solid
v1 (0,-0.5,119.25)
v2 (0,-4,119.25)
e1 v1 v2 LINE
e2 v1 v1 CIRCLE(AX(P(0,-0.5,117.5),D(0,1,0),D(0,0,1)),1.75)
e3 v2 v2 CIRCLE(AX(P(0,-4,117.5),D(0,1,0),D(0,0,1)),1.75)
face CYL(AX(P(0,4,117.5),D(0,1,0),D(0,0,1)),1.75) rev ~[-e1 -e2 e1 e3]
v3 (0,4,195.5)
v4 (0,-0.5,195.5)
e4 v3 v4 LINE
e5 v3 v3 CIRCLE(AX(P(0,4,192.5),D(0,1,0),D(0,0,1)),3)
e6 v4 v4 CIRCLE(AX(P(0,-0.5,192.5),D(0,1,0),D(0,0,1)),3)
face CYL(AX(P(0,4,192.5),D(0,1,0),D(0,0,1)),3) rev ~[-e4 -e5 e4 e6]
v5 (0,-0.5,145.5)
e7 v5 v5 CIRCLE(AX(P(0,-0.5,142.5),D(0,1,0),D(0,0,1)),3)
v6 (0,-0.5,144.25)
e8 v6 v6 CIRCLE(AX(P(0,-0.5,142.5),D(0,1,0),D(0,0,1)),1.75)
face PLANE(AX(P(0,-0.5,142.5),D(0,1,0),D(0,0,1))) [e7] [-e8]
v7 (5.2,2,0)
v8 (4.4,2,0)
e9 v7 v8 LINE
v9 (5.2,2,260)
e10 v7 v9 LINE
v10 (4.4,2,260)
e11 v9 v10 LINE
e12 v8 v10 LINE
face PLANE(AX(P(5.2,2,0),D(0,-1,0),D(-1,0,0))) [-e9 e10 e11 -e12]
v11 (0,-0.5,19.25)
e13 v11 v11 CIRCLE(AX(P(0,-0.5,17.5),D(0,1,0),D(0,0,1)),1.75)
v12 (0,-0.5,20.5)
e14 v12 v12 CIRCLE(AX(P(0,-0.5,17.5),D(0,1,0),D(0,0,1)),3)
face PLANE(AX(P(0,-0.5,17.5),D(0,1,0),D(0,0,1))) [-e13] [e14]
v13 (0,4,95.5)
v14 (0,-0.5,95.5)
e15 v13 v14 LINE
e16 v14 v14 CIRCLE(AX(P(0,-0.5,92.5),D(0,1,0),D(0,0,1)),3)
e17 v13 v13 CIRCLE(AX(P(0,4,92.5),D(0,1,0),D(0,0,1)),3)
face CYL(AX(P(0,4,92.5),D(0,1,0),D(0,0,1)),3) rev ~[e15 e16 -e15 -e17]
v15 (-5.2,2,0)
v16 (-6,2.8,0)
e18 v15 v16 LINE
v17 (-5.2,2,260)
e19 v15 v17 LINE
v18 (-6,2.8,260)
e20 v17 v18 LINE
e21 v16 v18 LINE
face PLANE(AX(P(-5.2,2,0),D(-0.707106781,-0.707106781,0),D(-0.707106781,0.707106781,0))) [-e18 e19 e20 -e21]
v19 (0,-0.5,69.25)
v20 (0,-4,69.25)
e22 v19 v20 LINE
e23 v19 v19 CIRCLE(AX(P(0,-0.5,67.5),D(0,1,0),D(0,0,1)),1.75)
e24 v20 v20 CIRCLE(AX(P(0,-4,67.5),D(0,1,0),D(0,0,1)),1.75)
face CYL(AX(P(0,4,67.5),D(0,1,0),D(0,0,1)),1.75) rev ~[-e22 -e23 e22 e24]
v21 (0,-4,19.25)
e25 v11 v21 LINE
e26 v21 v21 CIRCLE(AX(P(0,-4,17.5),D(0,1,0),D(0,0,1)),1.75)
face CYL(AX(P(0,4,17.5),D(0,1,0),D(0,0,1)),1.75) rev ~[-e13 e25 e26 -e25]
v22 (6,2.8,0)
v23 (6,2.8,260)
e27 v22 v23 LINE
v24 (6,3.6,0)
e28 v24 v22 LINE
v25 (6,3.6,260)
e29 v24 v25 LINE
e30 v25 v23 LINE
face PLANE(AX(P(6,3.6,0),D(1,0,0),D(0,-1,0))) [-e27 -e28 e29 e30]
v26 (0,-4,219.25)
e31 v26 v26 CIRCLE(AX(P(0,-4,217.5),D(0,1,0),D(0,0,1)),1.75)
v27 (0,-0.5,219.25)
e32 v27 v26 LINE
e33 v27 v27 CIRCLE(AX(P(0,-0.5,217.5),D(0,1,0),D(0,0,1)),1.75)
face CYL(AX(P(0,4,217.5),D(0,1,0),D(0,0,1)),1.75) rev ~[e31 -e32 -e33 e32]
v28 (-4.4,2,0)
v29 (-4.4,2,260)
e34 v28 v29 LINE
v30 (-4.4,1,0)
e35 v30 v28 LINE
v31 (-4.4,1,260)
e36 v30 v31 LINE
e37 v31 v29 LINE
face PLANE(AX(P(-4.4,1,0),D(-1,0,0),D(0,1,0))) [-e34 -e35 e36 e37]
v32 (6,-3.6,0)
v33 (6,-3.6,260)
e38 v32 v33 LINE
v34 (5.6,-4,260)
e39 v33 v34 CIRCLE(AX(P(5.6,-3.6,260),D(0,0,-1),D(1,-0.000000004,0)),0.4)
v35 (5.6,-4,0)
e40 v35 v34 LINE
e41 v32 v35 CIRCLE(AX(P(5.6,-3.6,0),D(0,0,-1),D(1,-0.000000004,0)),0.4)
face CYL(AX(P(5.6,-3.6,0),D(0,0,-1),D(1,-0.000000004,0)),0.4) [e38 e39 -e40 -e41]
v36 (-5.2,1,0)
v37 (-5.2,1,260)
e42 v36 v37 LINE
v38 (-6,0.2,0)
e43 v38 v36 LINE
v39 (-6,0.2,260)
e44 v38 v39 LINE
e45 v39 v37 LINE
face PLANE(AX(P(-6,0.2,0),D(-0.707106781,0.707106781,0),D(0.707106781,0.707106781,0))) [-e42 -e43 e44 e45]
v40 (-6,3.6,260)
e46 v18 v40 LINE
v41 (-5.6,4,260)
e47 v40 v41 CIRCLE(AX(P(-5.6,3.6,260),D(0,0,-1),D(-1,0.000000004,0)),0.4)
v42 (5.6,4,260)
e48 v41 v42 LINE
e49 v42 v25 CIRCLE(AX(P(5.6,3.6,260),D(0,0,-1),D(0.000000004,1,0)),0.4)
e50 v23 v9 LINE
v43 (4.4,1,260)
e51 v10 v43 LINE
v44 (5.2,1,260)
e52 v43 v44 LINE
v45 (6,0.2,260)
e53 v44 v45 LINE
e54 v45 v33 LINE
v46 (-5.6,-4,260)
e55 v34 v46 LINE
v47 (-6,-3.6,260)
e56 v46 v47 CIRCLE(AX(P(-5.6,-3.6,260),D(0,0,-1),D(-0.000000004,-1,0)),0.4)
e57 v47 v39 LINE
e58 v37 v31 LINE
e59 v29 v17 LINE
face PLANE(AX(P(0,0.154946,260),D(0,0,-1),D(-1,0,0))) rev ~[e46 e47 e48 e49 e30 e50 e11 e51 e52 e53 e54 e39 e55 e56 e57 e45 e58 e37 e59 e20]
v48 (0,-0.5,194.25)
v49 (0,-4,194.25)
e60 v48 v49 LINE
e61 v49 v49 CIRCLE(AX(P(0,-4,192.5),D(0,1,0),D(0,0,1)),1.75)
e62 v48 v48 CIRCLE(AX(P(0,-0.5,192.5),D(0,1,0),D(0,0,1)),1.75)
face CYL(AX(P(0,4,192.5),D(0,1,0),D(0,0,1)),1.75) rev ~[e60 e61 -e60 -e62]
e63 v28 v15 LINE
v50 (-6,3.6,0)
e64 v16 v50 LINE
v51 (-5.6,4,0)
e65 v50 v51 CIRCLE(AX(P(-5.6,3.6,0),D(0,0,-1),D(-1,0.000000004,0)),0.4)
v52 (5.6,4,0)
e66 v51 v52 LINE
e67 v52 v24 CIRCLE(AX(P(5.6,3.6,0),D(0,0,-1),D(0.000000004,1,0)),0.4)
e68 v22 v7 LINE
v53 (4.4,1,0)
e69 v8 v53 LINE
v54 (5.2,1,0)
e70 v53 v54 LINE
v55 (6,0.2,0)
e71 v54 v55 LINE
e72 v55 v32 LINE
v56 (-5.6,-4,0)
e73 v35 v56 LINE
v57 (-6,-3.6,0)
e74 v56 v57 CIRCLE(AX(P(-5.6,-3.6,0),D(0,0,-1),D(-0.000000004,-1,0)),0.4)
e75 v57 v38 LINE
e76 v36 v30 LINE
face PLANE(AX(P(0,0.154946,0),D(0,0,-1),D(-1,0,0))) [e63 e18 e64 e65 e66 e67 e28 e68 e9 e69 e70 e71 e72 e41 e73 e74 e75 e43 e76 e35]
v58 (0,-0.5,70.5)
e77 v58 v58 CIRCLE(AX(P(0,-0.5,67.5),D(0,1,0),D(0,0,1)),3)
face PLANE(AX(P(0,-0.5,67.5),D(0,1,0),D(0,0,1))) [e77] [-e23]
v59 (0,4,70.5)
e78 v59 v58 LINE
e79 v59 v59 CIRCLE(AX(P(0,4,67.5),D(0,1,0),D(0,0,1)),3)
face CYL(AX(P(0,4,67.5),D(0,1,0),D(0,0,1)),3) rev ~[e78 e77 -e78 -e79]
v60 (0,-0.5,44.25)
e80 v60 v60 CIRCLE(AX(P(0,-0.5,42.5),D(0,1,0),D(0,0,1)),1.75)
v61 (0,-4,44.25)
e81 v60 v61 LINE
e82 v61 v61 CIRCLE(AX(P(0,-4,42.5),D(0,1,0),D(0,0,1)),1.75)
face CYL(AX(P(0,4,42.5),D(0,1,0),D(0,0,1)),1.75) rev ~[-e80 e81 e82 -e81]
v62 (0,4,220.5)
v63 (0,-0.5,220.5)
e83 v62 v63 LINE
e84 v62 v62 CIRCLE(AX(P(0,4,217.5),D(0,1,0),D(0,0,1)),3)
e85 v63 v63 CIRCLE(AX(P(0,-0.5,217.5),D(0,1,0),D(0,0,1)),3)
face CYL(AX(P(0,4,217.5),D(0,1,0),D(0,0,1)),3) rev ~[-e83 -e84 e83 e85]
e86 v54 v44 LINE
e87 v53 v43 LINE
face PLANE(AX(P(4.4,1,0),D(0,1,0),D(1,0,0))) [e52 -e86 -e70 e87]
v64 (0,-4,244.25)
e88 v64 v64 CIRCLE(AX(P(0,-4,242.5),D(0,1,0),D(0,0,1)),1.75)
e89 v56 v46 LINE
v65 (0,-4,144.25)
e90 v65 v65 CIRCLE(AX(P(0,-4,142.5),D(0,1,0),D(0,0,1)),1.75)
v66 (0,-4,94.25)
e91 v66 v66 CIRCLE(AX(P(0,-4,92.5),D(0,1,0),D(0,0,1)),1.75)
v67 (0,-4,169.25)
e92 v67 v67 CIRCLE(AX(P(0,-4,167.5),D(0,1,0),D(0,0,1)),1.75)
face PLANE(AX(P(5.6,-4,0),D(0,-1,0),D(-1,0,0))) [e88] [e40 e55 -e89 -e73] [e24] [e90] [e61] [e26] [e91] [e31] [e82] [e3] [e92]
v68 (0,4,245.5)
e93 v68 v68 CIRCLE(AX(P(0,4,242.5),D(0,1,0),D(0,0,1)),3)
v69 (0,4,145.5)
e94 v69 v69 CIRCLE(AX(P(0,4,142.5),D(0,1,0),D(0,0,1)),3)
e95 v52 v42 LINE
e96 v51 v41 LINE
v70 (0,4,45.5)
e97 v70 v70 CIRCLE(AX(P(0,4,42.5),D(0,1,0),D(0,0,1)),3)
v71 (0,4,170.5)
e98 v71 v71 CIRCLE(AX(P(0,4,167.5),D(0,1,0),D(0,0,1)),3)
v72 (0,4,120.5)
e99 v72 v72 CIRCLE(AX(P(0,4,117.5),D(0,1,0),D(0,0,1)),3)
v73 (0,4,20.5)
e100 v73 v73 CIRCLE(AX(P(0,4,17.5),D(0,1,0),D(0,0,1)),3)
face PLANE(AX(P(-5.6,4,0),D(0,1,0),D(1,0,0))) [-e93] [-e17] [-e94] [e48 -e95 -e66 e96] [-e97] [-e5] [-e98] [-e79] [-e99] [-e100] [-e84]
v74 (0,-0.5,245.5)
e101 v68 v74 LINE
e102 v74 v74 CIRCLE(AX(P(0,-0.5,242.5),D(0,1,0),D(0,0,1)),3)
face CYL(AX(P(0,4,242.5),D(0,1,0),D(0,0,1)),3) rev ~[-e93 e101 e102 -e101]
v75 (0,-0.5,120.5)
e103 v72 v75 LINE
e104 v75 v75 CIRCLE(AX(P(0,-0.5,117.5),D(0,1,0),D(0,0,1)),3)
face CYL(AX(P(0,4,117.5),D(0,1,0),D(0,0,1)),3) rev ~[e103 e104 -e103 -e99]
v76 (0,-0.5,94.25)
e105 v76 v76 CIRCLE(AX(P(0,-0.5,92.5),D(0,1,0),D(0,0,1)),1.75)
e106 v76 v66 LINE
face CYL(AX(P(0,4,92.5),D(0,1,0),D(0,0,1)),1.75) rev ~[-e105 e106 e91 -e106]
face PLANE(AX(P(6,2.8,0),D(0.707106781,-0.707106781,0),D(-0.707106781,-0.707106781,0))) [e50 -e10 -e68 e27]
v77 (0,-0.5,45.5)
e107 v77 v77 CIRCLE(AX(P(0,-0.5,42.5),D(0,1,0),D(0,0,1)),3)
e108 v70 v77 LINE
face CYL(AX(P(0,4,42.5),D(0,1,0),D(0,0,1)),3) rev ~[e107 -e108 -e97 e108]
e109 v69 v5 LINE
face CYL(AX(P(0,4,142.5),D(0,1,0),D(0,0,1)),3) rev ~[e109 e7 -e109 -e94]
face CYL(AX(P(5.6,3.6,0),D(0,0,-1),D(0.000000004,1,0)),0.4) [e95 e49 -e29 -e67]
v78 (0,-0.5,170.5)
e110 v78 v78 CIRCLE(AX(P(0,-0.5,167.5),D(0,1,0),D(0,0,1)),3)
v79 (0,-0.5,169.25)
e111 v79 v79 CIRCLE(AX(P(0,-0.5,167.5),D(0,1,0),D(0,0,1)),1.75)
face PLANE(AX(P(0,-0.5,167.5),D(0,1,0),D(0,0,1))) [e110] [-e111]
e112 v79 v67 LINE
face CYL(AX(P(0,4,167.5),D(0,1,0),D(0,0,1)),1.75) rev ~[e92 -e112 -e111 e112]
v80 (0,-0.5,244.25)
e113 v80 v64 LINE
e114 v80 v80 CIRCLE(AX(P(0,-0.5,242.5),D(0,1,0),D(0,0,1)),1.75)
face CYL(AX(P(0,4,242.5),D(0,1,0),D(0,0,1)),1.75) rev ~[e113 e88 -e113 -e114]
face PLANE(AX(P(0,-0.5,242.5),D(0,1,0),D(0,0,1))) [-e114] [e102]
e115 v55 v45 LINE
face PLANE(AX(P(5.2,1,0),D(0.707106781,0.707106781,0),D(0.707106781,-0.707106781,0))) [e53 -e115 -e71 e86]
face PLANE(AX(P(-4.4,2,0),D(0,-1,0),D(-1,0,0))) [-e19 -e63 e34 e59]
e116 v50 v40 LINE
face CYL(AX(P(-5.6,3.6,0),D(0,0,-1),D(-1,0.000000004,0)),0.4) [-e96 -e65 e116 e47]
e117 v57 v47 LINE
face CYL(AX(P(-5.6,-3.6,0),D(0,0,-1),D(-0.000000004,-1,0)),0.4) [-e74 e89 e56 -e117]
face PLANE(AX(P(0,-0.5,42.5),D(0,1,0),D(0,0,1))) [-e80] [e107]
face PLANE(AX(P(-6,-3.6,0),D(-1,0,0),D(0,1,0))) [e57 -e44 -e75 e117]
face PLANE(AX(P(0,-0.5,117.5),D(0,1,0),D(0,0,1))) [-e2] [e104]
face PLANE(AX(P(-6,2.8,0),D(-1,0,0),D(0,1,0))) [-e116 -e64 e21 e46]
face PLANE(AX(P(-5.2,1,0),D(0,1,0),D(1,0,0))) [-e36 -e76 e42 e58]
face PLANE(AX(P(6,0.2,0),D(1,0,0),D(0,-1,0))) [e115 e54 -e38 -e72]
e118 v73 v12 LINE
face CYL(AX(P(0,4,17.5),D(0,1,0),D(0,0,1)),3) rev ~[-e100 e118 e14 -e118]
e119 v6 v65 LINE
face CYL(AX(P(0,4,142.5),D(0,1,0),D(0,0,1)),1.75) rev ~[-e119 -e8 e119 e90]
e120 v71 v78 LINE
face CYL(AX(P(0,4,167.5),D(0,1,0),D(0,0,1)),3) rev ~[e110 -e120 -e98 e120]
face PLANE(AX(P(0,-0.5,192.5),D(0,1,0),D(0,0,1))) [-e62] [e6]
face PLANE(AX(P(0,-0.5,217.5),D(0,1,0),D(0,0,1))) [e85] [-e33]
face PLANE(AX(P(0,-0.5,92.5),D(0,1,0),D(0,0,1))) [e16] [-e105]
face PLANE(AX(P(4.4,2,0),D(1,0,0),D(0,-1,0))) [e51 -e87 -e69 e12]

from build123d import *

# Parameters (mm, degrees)
BOSS_EXTRUDE1_DEPTH = 260
SKETCH2_R           = 3
CUT_EXTRUDE1_DEPTH  = 4.5
SKETCH3_R           = 1.75
CUT_EXTRUDE2_DEPTH  = 261.192236625


with BuildPart() as part:
    # Sketch1 → Boss-Extrude1 (new body)
    with BuildSketch(Plane.XY):
        with BuildLine():
            Line((-5.6, 4), (5.6, 4))
            ThreePointArc((5.6, 4), (5.882842712, 3.882842712), (6, 3.6))
            Line((6, 3.6), (6, 2.8))
            Line((6, 2.8), (5.2, 2))
            Line((5.2, 2), (4.4, 2))
            Line((4.4, 2), (4.4, 1))
            Line((4.4, 1), (5.2, 1))
            Line((5.2, 1), (6, 0.2))
            Line((6, 0.2), (6, -3.6))
            ThreePointArc((6, -3.6), (5.882842712, -3.882842712), (5.6, -4))
            Line((5.6, -4), (-5.6, -4))
            ThreePointArc((-5.6, -4), (-5.882842712, -3.882842712), (-6, -3.6))
            Line((-6, -3.6), (-6, 0.2))
            Line((-6, 0.2), (-5.2, 1))
            Line((-5.2, 1), (-4.4, 1))
            Line((-4.4, 1), (-4.4, 2))
            Line((-4.4, 2), (-5.2, 2))
            Line((-5.2, 2), (-6, 2.8))
            Line((-6, 2.8), (-6, 3.6))
            ThreePointArc((-6, 3.6), (-5.882842712, 3.882842712), (-5.6, 4))
        make_face()
    extrude(amount=BOSS_EXTRUDE1_DEPTH)

    # Sketch2 → Cut-Extrude1 (cut)
    with BuildSketch(Plane(origin=(0, 4, 0), x_dir=(1, 0, 0), z_dir=(0, 1, 0))):
        with Locations(Location((0, -242.5, 0), (0, 0, 270))):
            Circle(SKETCH2_R)
        with Locations(Location((0, -217.5, 0), (0, 0, 270))):
            Circle(SKETCH2_R)
        with Locations(Location((0, -192.5, 0), (0, 0, 270))):
            Circle(SKETCH2_R)
        with Locations(Location((0, -167.5, 0), (0, 0, 270))):
            Circle(SKETCH2_R)
        with Locations(Location((0, -142.5, 0), (0, 0, 270))):
            Circle(SKETCH2_R)
        with Locations(Location((0, -117.5, 0), (0, 0, 270))):
            Circle(SKETCH2_R)
        with Locations(Location((0, -92.5, 0), (0, 0, 270))):
            Circle(SKETCH2_R)
        with Locations(Location((0, -67.5, 0), (0, 0, 270))):
            Circle(SKETCH2_R)
        with Locations(Location((0, -42.5, 0), (0, 0, 270))):
            Circle(SKETCH2_R)
        with Locations(Location((0, -17.5, 0), (0, 0, 270))):
            Circle(SKETCH2_R)
        with Locations((0, 7.5)):
            Circle(SKETCH2_R)
        with Locations((0, 32.5)):
            Circle(SKETCH2_R)
        with Locations((0, 57.5)):
            Circle(SKETCH2_R)
        with Locations((0, 82.5)):
            Circle(SKETCH2_R)
        with Locations((0, 107.5)):
            Circle(SKETCH2_R)
        with Locations((0, 132.5)):
            Circle(SKETCH2_R)
        with Locations((0, 157.5)):
            Circle(SKETCH2_R)
        with Locations((0, 182.5)):
            Circle(SKETCH2_R)
    extrude(amount=-CUT_EXTRUDE1_DEPTH, mode=Mode.SUBTRACT)

    # Sketch3 → Cut-Extrude2 (cut, through all)
    with BuildSketch(Plane(origin=(0, 4, 0), x_dir=(1, 0, 0), z_dir=(0, 1, 0))):
        with Locations(Location((0, -242.5, 0), (0, 0, 270))):
            Circle(SKETCH3_R)
        with Locations(Location((0, -217.5, 0), (0, 0, 270))):
            Circle(SKETCH3_R)
        with Locations(Location((0, -192.5, 0), (0, 0, 270))):
            Circle(SKETCH3_R)
        with Locations(Location((0, -167.5, 0), (0, 0, 270))):
            Circle(SKETCH3_R)
        with Locations(Location((0, -142.5, 0), (0, 0, 270))):
            Circle(SKETCH3_R)
        with Locations(Location((0, -117.5, 0), (0, 0, 270))):
            Circle(SKETCH3_R)
        with Locations(Location((0, -92.5, 0), (0, 0, 270))):
            Circle(SKETCH3_R)
        with Locations(Location((0, -67.5, 0), (0, 0, 270))):
            Circle(SKETCH3_R)
        with Locations(Location((0, -42.5, 0), (0, 0, 270))):
            Circle(SKETCH3_R)
        with Locations(Location((0, -17.5, 0), (0, 0, 270))):
            Circle(SKETCH3_R)
        with Locations((0, 7.5)):
            Circle(SKETCH3_R)
        with Locations((0, 32.5)):
            Circle(SKETCH3_R)
        with Locations((0, 57.5)):
            Circle(SKETCH3_R)
        with Locations((0, 82.5)):
            Circle(SKETCH3_R)
        with Locations((0, 107.5)):
            Circle(SKETCH3_R)
    extrude(amount=-CUT_EXTRUDE2_DEPTH, mode=Mode.SUBTRACT)


solid = part.part
